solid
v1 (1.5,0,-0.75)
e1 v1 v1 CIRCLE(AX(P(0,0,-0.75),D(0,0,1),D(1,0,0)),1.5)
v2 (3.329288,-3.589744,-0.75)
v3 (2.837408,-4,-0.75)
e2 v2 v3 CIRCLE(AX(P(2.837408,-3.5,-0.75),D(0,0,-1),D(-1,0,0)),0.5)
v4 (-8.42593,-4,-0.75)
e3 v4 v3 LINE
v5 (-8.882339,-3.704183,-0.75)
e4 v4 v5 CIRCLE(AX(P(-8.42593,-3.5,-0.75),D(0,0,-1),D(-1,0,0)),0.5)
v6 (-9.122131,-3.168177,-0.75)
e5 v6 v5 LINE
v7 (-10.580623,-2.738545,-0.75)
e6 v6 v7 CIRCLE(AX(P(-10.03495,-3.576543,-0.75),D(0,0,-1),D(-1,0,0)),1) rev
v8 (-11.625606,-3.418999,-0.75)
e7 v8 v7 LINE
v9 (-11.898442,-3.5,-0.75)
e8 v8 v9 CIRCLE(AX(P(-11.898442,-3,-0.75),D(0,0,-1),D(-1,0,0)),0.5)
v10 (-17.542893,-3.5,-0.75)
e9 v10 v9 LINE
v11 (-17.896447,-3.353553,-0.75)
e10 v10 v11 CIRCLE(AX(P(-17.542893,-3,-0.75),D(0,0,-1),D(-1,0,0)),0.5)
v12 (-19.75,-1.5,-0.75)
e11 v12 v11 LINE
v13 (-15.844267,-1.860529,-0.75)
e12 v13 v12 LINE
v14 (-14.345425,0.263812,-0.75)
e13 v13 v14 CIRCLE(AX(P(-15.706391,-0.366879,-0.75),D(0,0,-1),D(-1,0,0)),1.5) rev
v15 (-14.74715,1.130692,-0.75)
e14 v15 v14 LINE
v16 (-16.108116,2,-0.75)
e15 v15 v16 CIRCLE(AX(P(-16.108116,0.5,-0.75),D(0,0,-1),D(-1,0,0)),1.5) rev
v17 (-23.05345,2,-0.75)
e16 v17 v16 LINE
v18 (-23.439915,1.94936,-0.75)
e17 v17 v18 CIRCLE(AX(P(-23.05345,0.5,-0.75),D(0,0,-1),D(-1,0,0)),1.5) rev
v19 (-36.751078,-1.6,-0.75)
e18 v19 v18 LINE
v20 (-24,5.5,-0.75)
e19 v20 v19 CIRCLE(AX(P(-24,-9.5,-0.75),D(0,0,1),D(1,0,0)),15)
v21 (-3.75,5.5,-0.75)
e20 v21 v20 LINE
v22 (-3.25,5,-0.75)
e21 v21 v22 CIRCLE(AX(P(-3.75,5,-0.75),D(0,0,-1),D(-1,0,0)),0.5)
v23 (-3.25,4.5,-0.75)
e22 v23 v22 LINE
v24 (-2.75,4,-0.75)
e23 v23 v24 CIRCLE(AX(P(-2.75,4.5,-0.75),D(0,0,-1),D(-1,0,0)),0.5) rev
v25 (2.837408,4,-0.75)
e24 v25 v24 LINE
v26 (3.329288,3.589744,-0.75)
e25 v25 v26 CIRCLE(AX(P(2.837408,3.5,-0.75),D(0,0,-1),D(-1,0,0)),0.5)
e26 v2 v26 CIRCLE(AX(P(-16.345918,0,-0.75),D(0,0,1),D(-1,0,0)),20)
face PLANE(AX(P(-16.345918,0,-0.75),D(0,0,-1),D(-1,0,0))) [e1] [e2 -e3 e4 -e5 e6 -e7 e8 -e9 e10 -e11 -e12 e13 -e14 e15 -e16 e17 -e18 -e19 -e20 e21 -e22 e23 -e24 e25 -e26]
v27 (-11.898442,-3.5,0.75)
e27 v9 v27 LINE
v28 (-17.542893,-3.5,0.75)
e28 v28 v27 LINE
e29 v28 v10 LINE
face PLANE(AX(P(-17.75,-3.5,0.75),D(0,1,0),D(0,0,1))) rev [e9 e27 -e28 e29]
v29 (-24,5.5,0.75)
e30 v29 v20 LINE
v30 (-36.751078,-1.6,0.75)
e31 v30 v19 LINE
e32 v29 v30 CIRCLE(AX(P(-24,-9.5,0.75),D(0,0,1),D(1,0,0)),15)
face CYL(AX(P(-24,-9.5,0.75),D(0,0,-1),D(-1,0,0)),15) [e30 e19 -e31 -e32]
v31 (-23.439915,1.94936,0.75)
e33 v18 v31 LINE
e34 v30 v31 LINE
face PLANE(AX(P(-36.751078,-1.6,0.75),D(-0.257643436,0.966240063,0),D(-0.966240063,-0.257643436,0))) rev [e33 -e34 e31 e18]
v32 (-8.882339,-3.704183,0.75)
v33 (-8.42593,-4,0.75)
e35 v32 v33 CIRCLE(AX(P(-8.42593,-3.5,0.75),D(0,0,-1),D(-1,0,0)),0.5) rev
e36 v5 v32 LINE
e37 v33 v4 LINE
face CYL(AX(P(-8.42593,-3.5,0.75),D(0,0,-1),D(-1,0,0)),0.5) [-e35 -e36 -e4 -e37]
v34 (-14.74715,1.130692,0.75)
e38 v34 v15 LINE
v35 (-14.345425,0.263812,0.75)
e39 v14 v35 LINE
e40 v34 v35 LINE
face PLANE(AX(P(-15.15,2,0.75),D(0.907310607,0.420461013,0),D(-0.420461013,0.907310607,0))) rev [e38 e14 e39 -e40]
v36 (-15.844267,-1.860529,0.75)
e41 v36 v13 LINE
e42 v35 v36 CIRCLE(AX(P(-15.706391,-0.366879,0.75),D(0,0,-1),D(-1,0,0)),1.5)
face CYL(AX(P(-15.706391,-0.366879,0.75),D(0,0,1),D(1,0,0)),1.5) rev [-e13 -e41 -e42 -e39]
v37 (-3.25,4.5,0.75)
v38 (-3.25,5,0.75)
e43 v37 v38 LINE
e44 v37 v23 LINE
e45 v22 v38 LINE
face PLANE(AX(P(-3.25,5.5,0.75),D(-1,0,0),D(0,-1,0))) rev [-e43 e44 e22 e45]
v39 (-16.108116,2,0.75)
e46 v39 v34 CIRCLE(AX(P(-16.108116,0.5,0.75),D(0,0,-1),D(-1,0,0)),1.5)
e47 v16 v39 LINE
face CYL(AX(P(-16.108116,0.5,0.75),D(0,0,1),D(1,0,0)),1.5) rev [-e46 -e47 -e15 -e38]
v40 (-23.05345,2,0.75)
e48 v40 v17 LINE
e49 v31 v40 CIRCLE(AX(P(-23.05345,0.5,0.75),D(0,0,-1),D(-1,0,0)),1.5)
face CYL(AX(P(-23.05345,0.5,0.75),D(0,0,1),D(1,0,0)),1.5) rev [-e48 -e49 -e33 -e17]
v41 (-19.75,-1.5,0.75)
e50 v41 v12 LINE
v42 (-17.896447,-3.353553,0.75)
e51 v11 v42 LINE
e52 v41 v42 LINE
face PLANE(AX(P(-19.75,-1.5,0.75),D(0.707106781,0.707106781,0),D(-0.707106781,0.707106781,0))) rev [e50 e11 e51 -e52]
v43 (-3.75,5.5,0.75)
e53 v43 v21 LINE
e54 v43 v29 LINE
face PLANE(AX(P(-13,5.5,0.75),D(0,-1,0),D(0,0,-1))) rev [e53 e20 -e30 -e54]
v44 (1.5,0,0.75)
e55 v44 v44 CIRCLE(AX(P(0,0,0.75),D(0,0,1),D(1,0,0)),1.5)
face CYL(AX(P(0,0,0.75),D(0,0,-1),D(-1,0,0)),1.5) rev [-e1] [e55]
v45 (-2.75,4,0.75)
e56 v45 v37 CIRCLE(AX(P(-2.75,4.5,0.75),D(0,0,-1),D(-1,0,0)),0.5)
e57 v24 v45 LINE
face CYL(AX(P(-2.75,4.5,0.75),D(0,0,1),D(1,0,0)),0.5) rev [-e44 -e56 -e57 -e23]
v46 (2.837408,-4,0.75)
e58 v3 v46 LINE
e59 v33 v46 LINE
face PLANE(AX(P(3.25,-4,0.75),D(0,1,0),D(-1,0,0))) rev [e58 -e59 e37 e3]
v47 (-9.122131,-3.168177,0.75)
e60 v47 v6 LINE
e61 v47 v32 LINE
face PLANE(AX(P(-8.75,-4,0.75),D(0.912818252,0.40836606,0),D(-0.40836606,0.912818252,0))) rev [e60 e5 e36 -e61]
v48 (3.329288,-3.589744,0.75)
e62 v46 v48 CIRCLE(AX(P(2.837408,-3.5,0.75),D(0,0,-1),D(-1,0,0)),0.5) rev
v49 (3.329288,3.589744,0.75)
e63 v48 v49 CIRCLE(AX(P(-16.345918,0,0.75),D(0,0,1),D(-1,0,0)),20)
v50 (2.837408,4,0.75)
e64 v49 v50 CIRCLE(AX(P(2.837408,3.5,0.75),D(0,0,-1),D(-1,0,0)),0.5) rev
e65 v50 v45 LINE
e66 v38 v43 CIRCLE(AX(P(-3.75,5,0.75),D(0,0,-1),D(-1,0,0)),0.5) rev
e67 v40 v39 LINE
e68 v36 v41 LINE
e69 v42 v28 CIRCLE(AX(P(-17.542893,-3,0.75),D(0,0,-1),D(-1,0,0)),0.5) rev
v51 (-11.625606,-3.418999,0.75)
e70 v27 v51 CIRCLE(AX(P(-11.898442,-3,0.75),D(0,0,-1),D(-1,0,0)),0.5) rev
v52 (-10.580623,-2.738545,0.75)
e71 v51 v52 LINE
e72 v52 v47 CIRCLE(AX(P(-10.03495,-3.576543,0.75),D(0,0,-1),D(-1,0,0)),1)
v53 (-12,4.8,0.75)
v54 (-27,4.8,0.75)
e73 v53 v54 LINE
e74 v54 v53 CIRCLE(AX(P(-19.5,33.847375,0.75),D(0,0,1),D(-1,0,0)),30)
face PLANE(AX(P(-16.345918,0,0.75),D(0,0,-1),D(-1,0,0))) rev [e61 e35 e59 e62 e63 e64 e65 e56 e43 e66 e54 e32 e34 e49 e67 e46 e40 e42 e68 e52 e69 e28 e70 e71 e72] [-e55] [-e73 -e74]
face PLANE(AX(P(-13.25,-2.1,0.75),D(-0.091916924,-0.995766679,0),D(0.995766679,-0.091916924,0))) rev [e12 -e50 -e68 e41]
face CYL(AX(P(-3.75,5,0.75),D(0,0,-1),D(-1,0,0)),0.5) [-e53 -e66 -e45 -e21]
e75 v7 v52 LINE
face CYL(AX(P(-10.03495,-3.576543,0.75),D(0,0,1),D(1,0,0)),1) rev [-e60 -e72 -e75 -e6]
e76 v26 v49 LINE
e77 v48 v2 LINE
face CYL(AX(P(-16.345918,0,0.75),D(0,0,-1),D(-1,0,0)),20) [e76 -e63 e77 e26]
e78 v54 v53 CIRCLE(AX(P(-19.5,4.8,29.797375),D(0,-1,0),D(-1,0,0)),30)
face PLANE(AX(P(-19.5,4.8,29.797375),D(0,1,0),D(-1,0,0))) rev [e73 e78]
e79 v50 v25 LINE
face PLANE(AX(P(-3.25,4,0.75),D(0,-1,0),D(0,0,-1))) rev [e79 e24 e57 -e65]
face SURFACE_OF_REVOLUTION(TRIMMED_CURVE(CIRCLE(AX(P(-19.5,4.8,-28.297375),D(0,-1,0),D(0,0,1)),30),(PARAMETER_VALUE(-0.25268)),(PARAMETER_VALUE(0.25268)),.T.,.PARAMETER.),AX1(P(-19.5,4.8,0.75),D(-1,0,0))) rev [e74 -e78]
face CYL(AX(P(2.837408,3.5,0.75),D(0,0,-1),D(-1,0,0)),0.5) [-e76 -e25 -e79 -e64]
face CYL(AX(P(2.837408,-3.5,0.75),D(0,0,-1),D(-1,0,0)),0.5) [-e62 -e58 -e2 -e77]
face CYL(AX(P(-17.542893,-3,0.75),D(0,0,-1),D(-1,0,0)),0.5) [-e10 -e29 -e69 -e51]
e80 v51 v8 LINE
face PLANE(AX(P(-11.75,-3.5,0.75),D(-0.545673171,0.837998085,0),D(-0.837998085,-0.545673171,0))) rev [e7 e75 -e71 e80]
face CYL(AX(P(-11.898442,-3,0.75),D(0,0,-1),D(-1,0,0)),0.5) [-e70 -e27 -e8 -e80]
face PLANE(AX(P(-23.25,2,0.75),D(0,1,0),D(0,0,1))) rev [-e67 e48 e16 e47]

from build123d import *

# Parameters (mm, degrees)
SKETCH1_R           = 1.5
BOSS_EXTRUDE1_DEPTH = 0.75
BOSS_EXTRUDE2_DEPTH = 0.75
FILLET1_R           = 1
FILLET2_R           = 0.5
FILLET3_R           = 1.5
CUT_REVOLVE1_ANGLE  = 90


with BuildPart() as part:
    # Sketch1 → Boss-Extrude1 (new, symmetric)
    with BuildSketch(Plane.XY):
        with BuildLine():
            Line((-13, 5.5), (-3.25, 5.5))
            Line((-3.25, 5.5), (-3.25, 4))
            Line((-3.25, 4), (3.25, 4))
            ThreePointArc((3.25, 4), (3.654082058, 0), (3.25, -4))
            Line((3.25, -4), (-8.75, -4))
            Line((-8.75, -4), (-13, 5.5))
        make_face()
        Circle(SKETCH1_R, mode=Mode.SUBTRACT)
    extrude(amount=BOSS_EXTRUDE1_DEPTH, both=True)

    # Sketch7 → Boss-Extrude2 (add, symmetric)
    with BuildSketch(Plane.XY):
        with BuildLine():
            Line((-13, 5.5), (-24, 5.5))
            ThreePointArc((-24, 5.5), (-31.29725976, 3.605342422), (-36.751078386, -1.6))
            Line((-36.751078386, -1.6), (-23.25, 2))
            Line((-23.25, 2), (-15.15, 2))
            Line((-15.15, 2), (-13.25, -2.1))
            Line((-13.25, -2.1), (-19.75, -1.5))
            Line((-19.75, -1.5), (-17.75, -3.5))
            Line((-17.75, -3.5), (-11.75, -3.5))
            Line((-11.75, -3.5), (-9.6, -2.1))
            Line((-9.6, -2.1), (-13, 5.5))
        make_face()
    extrude(amount=BOSS_EXTRUDE2_DEPTH, both=True)

    # Fillet1
    fillet1_edges = [part.edges().sort_by_distance(p)[0] for p in [
        (-9.6, -2.1, 0),
    ]]
    fillet(fillet1_edges, radius=FILLET1_R)

    # Fillet2
    fillet2_edges = [part.edges().sort_by_distance(p)[0] for p in [
        (-3.25, 4, 0),
        (3.25, 4, 0),
        (3.25, -4, 0),
        (-8.75, -4, 0),
        (-3.25, 5.5, 0),
        (-17.75, -3.5, 0),
        (-11.75, -3.5, 0),
    ]]
    fillet(fillet2_edges, radius=FILLET2_R)

    # Fillet3
    fillet3_edges = [part.edges().sort_by_distance(p)[0] for p in [
        (-23.25, 2, 0),
        (-15.15, 2, 0),
        (-13.25, -2.1, 0),
    ]]
    fillet(fillet3_edges, radius=FILLET3_R)

    # Sketch6 → Cut-Revolve1 (revolve, cut)
    with BuildSketch(Plane.XY.offset(0.75)):
        with BuildLine():
            Line((-27, 4.8), (-12, 4.8))
            ThreePointArc((-12, 4.8), (-19.5, 3.847375097), (-27, 4.8))
        make_face()
    revolve(axis=Axis((-27, 4.8, 0.75), (1, 0, 0)), revolution_arc=CUT_REVOLVE1_ANGLE, mode=Mode.SUBTRACT)


solid = part.part
